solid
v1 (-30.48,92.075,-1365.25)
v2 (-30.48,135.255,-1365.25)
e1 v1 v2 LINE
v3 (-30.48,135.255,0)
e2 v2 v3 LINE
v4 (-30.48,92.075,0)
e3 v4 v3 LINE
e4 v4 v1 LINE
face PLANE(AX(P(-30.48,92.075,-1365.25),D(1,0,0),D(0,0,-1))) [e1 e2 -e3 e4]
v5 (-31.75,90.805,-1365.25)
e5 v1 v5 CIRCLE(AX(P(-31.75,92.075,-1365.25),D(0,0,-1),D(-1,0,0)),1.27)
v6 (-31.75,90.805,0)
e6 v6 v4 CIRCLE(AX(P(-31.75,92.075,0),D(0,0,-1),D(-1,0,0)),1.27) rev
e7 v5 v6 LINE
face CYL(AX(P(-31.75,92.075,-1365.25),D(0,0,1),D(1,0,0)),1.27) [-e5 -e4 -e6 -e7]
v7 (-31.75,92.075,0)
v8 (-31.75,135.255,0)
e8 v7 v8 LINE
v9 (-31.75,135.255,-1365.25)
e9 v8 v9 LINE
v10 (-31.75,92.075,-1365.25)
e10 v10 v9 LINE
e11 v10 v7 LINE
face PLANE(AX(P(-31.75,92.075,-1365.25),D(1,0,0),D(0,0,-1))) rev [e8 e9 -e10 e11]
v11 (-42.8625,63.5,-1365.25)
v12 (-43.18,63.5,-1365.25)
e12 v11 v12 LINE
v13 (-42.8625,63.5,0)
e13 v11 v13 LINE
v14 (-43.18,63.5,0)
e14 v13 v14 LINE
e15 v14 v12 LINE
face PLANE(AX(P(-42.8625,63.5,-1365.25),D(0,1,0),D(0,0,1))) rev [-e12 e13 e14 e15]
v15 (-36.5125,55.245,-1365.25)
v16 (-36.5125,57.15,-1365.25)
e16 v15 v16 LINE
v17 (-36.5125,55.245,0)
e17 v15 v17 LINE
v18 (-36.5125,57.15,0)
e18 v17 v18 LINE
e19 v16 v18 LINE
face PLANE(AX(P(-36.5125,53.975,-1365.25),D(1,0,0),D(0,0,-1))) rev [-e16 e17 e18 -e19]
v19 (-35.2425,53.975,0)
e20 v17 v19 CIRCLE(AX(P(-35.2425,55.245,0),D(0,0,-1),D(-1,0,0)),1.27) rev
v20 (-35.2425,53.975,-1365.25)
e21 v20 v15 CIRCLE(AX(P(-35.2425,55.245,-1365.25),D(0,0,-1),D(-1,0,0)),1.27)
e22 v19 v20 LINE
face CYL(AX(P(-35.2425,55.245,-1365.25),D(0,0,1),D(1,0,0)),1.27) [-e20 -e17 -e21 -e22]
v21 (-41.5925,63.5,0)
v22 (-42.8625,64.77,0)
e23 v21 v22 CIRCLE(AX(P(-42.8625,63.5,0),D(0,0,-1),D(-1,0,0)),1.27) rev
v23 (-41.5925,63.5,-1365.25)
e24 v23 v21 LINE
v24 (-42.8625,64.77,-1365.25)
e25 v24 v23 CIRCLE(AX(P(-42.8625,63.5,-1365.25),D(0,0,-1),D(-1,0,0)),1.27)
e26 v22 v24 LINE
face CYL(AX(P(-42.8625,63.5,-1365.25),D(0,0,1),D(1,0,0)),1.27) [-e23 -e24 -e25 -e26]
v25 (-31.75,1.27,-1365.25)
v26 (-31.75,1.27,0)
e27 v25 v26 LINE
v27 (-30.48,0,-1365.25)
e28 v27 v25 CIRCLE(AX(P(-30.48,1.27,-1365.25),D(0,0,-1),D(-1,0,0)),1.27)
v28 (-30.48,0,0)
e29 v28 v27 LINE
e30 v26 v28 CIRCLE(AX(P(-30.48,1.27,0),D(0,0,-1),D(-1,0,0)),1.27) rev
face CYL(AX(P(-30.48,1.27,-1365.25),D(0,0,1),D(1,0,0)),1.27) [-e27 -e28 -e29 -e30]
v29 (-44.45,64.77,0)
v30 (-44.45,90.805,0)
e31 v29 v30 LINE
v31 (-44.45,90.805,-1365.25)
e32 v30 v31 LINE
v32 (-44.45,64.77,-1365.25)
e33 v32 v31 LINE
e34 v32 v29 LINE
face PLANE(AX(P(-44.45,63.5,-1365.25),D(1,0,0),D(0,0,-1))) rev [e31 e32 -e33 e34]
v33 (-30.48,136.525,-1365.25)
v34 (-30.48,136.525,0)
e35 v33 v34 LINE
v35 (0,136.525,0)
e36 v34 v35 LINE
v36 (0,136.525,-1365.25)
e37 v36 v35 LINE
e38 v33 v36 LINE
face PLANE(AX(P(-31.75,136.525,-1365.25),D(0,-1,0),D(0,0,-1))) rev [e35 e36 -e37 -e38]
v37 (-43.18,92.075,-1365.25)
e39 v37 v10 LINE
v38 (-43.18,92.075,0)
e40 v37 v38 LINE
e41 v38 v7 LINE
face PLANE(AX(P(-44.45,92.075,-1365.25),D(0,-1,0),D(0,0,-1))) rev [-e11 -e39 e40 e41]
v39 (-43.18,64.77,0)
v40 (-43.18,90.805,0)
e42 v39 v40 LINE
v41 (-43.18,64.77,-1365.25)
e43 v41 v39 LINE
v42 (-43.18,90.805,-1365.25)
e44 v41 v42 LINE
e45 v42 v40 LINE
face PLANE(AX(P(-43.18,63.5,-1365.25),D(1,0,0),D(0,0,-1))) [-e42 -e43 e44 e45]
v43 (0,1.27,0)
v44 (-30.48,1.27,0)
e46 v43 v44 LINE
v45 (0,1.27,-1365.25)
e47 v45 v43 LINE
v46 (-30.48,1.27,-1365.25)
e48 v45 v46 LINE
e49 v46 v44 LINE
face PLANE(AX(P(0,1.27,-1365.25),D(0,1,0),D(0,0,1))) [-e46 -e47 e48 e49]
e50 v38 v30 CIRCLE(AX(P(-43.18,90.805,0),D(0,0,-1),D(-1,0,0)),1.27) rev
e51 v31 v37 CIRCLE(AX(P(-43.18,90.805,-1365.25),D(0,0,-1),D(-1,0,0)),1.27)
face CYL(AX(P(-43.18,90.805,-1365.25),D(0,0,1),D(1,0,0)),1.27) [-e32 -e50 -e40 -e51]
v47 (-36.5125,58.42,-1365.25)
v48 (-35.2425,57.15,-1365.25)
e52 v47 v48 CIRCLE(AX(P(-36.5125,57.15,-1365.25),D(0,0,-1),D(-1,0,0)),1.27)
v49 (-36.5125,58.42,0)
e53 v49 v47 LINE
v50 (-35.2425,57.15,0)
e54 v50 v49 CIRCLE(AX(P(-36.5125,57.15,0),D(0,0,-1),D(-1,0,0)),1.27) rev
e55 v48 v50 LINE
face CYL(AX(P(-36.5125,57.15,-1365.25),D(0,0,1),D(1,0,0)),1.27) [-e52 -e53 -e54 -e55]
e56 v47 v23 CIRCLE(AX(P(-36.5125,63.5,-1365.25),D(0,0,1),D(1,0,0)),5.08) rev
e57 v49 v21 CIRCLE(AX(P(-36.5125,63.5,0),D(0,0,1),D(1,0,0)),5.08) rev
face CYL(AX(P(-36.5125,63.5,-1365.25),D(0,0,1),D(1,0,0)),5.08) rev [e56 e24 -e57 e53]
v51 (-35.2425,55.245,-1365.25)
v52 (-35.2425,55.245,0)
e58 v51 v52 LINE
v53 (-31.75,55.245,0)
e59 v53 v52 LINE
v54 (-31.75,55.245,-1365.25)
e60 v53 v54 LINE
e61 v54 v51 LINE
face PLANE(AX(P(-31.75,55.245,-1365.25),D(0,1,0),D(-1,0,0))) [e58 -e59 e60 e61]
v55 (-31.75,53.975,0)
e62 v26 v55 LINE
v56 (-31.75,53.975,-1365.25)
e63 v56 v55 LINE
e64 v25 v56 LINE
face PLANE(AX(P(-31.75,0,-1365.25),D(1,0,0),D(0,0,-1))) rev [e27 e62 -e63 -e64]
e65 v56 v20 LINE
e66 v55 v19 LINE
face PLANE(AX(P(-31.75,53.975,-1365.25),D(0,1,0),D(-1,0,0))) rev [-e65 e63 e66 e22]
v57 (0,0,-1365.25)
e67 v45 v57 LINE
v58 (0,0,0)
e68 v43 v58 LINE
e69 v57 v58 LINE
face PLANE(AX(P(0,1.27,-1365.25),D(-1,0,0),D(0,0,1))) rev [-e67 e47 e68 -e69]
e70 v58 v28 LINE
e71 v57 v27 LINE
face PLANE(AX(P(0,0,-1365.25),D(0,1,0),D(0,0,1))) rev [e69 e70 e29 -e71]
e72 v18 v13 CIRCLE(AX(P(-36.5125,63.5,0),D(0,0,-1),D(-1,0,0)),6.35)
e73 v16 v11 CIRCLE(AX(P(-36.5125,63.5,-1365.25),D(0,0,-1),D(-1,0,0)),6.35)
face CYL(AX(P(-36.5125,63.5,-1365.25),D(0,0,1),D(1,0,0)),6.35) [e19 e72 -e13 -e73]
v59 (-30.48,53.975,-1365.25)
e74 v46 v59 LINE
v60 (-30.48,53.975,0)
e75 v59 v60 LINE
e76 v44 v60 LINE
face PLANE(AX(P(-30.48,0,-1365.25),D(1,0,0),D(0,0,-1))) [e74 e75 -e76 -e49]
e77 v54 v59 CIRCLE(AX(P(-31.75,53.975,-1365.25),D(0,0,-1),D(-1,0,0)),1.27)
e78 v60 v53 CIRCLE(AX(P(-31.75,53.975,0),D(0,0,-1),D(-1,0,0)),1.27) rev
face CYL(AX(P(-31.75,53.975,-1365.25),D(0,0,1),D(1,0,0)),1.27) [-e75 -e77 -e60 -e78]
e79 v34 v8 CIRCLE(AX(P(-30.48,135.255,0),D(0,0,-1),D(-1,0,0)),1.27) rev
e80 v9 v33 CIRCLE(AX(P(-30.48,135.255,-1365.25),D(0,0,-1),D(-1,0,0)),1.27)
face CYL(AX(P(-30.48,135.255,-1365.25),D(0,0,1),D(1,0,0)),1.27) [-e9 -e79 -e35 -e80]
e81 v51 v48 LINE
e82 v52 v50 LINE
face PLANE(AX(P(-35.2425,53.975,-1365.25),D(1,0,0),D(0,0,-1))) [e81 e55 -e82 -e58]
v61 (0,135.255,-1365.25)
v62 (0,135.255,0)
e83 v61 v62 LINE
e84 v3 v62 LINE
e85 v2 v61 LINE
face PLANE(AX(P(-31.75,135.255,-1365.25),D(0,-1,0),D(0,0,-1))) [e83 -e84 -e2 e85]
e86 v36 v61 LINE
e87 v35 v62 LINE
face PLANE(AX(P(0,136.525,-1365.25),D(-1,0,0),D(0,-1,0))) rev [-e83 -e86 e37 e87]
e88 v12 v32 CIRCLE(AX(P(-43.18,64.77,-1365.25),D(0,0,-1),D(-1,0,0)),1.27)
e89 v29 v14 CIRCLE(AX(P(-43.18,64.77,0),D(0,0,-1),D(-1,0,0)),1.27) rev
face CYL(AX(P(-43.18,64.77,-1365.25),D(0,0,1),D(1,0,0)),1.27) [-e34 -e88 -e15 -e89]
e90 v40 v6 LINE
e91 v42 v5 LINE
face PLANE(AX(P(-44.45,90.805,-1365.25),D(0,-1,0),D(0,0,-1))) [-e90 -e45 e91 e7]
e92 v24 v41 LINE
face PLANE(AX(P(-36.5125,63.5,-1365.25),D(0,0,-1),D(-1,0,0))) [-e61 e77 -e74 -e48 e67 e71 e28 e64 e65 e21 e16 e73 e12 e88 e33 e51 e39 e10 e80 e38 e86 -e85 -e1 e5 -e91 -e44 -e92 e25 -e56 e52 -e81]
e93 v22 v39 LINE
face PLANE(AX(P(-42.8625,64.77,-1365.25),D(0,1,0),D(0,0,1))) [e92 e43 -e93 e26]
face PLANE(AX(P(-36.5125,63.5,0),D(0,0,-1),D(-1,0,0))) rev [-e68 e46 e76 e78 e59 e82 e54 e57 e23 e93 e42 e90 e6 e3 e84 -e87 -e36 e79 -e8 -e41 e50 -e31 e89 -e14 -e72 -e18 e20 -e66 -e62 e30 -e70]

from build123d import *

# Parameters (mm, degrees)
EXTRUDE_THIN1_DEPTH = 1365.25
FILLET1_R           = 1.27


with BuildPart() as part:
    # Sketch1 → Extrude-Thin1 (new body)
    with BuildSketch(Plane.XY):
        with BuildLine():
            Line((0, 0), (-31.75, 0))
            Line((-31.75, 0), (-31.75, 53.975))
            Line((-31.75, 53.975), (-36.5125, 53.975))
            Line((-36.5125, 53.975), (-36.5125, 57.15))
            ThreePointArc((-36.5125, 57.15), (-41.002628061, 59.009871939), (-42.8625, 63.5))
            Line((-42.8625, 63.5), (-44.45, 63.5))
            Line((-44.45, 63.5), (-44.45, 92.075))
            Line((-44.45, 92.075), (-31.75, 92.075))
            Line((-31.75, 92.075), (-31.75, 136.525))
            Line((-31.75, 136.525), (0, 136.525))
            Line((0, 136.525), (0, 135.255))
            Line((0, 135.255), (-30.48, 135.255))
            Line((-30.48, 135.255), (-30.48, 90.805))
            Line((-30.48, 90.805), (-43.18, 90.805))
            Line((-43.18, 90.805), (-43.18, 64.77))
            Line((-43.18, 64.77), (-41.43118885, 64.77))
            ThreePointArc((-41.43118885, 64.77), (-40.104602448, 59.907897552), (-35.2425, 58.58131115))
            Line((-35.2425, 58.58131115), (-35.2425, 55.245))
            Line((-35.2425, 55.245), (-30.48, 55.245))
            Line((-30.48, 55.245), (-30.48, 1.27))
            Line((-30.48, 1.27), (0, 1.27))
            Line((0, 1.27), (0, 0))
        make_face()
    extrude(amount=-EXTRUDE_THIN1_DEPTH)

    # Fillet1
    fillet1_edges = [part.edges().sort_by_distance(p)[0] for p in [
        (-30.48, 90.805, -682.625),
        (-41.43118885, 64.77, -682.625),
        (-35.2425, 58.58131115, -682.625),
        (-30.48, 55.245, -682.625),
        (-31.75, 0, -682.625),
        (-36.5125, 53.975, -682.625),
        (-44.45, 63.5, -682.625),
        (-44.45, 92.075, -682.625),
        (-31.75, 136.525, -682.625),
    ]]
    fillet(fillet1_edges, radius=FILLET1_R)


solid = part.part
